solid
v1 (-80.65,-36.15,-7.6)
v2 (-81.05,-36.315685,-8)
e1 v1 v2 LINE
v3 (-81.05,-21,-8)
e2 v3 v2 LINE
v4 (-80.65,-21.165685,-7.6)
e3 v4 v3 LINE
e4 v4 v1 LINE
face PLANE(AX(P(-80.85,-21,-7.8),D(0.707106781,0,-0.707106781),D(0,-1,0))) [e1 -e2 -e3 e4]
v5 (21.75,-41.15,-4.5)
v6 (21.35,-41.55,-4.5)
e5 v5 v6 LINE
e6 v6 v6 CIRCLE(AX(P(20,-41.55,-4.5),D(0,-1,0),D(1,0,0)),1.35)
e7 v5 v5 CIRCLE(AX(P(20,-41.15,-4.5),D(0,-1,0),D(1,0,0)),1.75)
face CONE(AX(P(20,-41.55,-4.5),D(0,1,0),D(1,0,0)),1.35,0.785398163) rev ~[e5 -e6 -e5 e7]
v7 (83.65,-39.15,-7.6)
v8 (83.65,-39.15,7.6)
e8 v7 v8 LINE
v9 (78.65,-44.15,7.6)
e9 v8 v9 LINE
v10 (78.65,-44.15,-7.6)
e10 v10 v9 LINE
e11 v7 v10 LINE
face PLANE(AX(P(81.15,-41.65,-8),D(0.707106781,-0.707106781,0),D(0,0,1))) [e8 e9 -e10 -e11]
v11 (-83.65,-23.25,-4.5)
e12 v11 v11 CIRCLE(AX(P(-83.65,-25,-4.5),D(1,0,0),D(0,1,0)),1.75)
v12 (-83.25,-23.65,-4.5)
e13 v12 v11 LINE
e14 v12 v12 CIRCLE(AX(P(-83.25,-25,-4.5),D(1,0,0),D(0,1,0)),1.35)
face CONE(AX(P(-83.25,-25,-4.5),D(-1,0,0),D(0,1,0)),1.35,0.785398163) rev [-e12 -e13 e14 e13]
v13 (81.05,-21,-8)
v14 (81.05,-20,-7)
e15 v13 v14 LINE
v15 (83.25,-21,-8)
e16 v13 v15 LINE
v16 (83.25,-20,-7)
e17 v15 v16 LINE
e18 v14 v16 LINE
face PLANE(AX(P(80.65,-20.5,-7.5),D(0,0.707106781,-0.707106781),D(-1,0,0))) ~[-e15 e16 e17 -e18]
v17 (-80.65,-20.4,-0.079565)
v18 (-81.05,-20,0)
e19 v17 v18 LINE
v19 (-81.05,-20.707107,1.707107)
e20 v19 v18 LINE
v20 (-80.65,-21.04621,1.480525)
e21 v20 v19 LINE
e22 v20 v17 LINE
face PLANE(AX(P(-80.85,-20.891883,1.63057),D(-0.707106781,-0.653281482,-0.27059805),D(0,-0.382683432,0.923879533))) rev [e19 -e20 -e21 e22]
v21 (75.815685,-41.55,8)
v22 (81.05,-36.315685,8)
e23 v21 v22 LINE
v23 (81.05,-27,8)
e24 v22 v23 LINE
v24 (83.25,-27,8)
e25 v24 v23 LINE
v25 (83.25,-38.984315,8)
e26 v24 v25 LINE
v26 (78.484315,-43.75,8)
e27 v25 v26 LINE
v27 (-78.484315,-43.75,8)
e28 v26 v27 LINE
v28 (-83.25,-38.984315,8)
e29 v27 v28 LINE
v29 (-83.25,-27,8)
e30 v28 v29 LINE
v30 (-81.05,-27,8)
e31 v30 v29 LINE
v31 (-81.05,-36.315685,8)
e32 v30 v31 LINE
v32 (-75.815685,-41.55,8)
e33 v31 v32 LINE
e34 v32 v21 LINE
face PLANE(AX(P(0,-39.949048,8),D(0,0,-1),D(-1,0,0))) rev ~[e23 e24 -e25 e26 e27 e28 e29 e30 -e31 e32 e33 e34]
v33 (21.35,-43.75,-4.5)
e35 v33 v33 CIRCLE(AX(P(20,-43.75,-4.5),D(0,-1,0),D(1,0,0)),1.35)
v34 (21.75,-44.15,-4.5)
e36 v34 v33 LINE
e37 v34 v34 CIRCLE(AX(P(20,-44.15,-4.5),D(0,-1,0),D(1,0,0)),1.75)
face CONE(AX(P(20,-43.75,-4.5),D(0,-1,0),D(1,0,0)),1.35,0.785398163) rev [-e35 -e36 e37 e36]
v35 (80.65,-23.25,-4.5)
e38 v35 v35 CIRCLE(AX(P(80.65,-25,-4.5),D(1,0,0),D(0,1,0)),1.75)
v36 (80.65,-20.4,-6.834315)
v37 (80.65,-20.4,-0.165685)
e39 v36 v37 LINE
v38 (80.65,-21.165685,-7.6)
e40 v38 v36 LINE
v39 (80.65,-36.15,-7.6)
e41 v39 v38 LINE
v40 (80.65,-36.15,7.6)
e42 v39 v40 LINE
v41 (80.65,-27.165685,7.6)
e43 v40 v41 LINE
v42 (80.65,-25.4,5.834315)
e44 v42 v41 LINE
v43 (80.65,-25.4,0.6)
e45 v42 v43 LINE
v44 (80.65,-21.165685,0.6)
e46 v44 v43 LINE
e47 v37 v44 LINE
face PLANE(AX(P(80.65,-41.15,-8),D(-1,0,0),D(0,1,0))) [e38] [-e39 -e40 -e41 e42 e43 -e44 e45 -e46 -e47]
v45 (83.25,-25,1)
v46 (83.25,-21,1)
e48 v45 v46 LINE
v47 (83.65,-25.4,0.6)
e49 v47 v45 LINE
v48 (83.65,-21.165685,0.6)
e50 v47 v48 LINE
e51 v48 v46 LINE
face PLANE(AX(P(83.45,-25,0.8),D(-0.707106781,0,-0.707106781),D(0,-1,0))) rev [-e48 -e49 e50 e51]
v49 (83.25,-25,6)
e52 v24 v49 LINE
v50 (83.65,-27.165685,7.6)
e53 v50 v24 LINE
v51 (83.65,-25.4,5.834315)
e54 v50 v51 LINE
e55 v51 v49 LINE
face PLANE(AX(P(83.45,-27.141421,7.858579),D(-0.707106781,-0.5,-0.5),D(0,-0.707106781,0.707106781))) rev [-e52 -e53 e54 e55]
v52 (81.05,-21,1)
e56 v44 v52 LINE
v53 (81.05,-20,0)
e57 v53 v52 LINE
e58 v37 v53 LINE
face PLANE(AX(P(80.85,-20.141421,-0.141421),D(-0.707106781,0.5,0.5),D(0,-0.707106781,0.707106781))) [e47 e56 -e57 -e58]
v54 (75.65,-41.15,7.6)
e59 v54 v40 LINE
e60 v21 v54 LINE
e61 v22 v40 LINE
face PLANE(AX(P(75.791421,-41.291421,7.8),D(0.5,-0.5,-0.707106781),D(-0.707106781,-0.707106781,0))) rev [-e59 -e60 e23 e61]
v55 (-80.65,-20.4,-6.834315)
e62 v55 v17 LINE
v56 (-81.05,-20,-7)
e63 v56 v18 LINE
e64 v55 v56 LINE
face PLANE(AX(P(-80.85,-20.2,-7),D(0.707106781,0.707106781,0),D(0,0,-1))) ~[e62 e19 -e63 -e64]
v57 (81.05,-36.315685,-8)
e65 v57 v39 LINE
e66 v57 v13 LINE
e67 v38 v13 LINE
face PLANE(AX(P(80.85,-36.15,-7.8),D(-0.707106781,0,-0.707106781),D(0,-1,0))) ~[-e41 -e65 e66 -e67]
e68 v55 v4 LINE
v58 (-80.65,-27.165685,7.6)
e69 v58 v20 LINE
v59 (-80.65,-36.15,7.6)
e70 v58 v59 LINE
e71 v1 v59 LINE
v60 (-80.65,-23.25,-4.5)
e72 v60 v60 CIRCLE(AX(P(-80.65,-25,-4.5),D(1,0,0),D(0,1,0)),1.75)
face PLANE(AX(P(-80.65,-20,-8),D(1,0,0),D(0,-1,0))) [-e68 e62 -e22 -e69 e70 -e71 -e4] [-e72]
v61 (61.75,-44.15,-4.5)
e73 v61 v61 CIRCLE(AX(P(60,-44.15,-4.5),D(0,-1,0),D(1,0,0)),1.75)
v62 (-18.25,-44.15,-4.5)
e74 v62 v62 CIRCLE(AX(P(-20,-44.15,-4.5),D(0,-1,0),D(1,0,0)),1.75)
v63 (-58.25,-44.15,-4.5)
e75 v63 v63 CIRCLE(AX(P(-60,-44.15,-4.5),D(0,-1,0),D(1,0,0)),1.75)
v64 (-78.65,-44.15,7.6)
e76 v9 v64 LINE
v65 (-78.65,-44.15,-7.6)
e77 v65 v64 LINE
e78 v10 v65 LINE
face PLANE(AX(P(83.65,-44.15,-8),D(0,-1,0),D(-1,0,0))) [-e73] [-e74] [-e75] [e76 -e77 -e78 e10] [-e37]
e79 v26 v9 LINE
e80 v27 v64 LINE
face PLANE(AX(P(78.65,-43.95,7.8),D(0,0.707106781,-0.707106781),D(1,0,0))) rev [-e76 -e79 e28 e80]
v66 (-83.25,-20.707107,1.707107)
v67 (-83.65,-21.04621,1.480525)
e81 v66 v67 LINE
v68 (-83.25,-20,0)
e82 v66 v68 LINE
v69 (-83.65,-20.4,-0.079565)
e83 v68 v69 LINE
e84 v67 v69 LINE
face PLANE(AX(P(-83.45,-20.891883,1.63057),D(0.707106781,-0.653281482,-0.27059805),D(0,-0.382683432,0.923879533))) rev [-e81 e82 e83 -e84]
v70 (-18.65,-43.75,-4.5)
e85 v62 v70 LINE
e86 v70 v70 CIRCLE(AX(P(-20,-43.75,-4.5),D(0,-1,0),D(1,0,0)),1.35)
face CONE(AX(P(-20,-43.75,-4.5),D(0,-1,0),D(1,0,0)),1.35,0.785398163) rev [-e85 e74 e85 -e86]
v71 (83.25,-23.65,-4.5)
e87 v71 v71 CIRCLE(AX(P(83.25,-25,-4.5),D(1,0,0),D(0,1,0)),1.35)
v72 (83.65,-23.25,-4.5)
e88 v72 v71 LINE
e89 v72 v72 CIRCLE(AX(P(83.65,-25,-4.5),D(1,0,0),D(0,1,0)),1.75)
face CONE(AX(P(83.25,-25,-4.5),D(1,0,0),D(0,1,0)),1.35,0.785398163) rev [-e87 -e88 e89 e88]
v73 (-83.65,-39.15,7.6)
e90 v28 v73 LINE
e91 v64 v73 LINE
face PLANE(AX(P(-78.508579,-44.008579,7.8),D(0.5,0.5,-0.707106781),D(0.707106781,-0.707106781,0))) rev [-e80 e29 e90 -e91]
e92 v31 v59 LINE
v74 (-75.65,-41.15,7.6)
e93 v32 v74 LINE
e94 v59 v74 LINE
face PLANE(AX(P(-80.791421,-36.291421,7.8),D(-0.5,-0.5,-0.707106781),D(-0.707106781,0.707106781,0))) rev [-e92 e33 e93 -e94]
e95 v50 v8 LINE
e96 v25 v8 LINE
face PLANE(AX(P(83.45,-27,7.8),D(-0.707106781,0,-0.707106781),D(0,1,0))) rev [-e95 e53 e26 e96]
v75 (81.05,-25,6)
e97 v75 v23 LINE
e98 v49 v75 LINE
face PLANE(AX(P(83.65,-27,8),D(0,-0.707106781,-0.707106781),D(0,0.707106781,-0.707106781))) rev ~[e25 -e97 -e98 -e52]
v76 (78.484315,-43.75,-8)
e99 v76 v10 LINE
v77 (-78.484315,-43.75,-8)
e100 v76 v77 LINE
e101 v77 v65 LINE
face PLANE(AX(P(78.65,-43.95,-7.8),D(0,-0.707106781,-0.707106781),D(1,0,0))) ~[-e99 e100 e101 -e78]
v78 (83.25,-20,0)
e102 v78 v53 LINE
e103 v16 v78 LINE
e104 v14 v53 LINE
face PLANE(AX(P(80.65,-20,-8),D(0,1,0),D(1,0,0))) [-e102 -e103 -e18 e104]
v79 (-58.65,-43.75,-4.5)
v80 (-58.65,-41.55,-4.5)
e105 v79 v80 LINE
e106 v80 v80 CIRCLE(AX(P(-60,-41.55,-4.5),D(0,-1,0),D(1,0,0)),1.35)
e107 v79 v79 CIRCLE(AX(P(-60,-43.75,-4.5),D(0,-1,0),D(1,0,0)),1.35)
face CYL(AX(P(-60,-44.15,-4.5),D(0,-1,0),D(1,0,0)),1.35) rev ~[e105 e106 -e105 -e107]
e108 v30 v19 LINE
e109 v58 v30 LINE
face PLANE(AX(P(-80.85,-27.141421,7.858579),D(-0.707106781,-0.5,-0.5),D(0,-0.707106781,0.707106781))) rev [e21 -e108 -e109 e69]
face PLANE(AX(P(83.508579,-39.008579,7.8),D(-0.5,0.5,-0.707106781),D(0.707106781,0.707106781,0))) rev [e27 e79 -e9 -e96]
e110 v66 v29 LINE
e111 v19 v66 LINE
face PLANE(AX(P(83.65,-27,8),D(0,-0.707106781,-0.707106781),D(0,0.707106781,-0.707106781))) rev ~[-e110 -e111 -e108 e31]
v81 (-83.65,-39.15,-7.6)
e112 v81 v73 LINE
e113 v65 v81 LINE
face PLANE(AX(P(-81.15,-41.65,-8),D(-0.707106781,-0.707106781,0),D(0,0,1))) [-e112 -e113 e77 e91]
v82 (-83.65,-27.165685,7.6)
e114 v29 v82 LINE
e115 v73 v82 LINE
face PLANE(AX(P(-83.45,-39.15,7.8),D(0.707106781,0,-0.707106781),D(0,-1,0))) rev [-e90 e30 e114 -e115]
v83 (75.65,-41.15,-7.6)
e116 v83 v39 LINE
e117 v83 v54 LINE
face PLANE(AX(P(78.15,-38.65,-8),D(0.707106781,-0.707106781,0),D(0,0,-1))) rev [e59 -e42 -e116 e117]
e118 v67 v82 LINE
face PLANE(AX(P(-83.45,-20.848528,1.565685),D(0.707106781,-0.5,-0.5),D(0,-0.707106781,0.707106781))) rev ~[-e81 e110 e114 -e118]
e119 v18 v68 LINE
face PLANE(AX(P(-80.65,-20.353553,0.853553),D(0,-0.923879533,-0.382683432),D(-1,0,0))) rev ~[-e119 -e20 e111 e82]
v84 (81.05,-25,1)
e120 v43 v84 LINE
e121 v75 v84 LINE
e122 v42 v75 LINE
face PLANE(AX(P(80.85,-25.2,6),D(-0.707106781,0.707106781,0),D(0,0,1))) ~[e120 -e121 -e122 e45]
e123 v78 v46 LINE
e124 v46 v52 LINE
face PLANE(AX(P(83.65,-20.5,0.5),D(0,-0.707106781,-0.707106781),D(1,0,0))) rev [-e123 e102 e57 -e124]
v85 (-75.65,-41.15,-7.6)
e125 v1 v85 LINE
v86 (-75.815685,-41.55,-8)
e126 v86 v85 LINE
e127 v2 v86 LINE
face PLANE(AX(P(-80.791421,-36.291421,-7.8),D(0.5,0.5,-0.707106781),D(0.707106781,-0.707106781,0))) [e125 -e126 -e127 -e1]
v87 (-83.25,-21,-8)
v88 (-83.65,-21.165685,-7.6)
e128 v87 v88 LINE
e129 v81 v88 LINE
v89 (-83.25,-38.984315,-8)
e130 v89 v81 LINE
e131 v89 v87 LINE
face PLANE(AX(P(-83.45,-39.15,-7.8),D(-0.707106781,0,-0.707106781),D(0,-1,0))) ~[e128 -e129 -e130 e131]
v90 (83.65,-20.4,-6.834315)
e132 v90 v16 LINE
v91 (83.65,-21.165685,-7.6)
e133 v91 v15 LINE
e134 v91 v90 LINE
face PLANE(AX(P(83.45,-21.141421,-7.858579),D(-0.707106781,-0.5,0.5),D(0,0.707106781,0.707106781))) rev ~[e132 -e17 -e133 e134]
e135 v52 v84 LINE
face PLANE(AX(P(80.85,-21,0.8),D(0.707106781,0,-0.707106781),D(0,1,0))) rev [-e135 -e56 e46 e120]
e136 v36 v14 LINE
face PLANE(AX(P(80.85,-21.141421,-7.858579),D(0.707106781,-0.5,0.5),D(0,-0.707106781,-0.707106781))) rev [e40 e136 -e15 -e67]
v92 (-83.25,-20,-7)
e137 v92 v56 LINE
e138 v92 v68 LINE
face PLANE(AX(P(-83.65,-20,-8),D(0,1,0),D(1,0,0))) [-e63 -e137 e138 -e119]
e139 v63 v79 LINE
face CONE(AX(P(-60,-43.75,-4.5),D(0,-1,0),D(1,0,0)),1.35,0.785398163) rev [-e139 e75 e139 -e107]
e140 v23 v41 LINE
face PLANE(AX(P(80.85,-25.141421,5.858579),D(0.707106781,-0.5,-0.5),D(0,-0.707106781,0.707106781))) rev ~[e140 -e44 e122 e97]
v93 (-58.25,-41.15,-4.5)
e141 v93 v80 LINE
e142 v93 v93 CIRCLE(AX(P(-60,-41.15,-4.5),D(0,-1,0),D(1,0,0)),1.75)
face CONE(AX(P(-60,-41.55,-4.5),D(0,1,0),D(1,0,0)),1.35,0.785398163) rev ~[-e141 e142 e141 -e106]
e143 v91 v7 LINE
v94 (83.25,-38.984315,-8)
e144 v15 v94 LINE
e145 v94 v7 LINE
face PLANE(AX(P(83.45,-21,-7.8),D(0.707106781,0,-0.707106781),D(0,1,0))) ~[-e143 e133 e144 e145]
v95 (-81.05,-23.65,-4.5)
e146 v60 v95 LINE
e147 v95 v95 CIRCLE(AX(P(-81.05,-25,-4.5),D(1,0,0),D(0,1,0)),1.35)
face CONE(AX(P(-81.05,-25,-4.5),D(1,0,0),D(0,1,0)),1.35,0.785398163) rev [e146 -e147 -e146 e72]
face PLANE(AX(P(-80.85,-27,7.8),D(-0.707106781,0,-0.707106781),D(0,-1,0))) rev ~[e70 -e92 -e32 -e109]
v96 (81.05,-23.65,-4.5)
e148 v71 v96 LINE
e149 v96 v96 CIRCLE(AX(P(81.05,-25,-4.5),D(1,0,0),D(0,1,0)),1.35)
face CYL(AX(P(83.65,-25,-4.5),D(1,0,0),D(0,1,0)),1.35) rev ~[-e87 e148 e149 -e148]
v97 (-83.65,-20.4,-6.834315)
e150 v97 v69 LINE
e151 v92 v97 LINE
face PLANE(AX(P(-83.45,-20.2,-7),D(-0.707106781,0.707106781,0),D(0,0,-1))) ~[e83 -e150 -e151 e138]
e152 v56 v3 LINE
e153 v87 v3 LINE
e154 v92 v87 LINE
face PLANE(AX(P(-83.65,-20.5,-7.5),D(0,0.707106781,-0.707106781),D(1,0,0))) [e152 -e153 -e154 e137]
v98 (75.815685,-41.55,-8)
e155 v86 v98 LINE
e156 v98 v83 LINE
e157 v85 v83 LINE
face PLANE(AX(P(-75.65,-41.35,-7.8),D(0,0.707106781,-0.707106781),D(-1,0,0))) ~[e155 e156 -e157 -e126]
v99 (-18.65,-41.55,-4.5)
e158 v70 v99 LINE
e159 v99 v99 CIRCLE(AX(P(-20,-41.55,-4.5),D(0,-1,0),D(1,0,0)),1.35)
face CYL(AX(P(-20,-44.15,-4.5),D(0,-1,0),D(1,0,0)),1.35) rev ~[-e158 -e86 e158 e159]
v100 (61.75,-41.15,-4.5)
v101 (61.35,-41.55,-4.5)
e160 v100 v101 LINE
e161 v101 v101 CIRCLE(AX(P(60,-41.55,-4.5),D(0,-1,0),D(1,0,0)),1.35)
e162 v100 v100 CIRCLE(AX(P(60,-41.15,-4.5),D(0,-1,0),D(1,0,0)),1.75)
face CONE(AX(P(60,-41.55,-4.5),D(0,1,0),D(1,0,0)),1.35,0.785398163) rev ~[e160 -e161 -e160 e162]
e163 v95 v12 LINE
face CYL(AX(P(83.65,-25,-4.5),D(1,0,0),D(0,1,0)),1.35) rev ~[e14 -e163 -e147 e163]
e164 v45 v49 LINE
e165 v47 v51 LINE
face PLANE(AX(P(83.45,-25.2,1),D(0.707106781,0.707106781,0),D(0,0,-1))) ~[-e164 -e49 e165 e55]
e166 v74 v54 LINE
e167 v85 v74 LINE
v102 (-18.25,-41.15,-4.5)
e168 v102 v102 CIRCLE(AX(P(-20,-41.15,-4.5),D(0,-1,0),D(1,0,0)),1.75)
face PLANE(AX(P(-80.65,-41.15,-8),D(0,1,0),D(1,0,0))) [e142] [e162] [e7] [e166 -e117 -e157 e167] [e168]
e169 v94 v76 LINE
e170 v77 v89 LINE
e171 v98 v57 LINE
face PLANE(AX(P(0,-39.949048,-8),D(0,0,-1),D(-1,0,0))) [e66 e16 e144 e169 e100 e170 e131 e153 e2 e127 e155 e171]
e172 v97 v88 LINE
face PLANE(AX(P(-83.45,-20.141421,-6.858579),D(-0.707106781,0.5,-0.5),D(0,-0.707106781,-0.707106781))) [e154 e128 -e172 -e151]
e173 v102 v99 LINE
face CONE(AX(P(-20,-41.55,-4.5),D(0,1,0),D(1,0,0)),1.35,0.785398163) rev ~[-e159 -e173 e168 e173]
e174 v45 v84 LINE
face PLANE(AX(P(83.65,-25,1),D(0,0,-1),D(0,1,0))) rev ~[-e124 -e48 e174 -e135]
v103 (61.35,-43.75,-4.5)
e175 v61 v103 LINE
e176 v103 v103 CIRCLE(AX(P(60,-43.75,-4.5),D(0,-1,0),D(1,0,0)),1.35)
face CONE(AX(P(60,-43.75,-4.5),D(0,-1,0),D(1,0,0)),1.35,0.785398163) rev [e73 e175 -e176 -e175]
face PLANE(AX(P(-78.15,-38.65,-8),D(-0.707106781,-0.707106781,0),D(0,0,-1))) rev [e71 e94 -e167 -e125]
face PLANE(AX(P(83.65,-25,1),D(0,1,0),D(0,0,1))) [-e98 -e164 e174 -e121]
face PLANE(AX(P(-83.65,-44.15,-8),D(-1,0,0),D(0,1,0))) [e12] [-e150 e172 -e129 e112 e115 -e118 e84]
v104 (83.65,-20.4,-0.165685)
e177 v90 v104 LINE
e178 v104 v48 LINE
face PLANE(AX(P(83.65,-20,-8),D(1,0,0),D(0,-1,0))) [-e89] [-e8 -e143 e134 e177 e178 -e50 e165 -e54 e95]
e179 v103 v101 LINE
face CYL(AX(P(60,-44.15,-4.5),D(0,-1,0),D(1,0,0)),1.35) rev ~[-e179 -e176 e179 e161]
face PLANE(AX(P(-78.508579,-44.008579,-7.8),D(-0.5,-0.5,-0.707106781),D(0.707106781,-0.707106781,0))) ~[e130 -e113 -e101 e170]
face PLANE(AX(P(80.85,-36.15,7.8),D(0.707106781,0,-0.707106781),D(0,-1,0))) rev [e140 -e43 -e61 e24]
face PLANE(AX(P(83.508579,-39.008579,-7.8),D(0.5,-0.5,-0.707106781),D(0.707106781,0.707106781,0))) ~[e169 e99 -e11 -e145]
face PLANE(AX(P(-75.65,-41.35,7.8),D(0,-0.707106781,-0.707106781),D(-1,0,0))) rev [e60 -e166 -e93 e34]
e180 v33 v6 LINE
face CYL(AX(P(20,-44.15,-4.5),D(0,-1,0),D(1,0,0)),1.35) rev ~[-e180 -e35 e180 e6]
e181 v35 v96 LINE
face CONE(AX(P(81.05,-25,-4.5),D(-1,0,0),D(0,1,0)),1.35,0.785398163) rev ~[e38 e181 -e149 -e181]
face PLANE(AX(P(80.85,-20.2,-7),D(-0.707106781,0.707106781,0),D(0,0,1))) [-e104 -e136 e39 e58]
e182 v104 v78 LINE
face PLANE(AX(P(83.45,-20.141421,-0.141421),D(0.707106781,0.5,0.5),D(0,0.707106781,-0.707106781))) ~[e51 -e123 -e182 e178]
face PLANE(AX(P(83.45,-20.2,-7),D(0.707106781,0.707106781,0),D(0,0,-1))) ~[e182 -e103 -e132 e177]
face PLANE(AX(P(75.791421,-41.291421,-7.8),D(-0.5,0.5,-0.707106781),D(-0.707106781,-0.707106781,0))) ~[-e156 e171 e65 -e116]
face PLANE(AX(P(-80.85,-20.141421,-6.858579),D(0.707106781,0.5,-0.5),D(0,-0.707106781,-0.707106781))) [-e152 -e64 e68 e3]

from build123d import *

# Parameters (mm, degrees)
PAD011_DEPTH          = 16
CHAMFER036003006_SIZE = 5
SKETCH027_W           = 5
SKETCH027_H           = 7
POCKET008018_DEPTH    = 5
SKETCH028_R           = 1.35
POCKET008019_DEPTH    = 167.301
POCKET008020_DEPTH    = 167.301
CHAMFER036003007_SIZE = 1
SKETCH029_R           = 1.35
POCKET008021_DEPTH    = 24.151
CHAMFER036003008_SIZE = 0.4


with BuildPart() as part:
    # Sketch026 → Pad011 (new body)
    with BuildSketch(Plane.XY):
        Polygon((-80.65, -20), (-80.65, -41.15), (80.65, -41.15), (80.65, -20), (83.65, -20), (83.65, -44.15), (-83.65, -44.15), (-83.65, -20), align=None)
    extrude(amount=PAD011_DEPTH)

    # Chamfer036003006
    chamfer036003006_edges = [part.edges().sort_by_distance(p)[0] for p in [
        (-83.65, -44.15, 8),
        (83.65, -44.15, 8),
        (-80.65, -41.15, 8),
        (80.65, -41.15, 8),
    ]]
    chamfer(chamfer036003006_edges, length=CHAMFER036003006_SIZE)

    # Sketch027 (on Face14 of Chamfer036003006) → Pocket008018 (cut)
    with BuildSketch(Plane.YZ.offset(83.65)):
        with Locations((-22.5, 12.5)):
            Rectangle(SKETCH027_W, SKETCH027_H)
    extrude(amount=-POCKET008018_DEPTH, mode=Mode.SUBTRACT)

    # Sketch028 (on Face14 of Pocket008018) → Pocket008019 (cut, through all)
    with BuildSketch(Plane.YZ.offset(83.65)):
        with Locations((-25, 3.5)):
            Circle(SKETCH028_R)
        Polygon((-27, 16), (-20, 9), (-20, 16), align=None)
    extrude(amount=-POCKET008019_DEPTH, mode=Mode.SUBTRACT)

    # Sketch028 (on Face14 of Pocket008018) → Pocket008020 (cut, through all)
    with BuildSketch(Plane.YZ.offset(83.65)):
        with Locations((-25, 3.5)):
            Circle(SKETCH028_R)
        Polygon((-27, 16), (-20, 9), (-20, 16), align=None)
    extrude(amount=-POCKET008020_DEPTH, mode=Mode.SUBTRACT)

    # Chamfer036003007
    chamfer036003007_edges = [part.edges().sort_by_distance(p)[0] for p in [
        (82.15, -20, 9),
        (82.15, -20, 0),
        (-82.15, -20, 9),
        (-82.15, -20, 0),
    ]]
    chamfer(chamfer036003007_edges, length=CHAMFER036003007_SIZE)

    # Sketch029 (on Face12 of Chamfer036003007) → Pocket008021 (cut, through all)
    with BuildSketch(Plane.XZ.offset(44.15)):
        with Locations((-60, 3.5)):
            Circle(SKETCH029_R)
        with Locations((-20, 3.5)):
            Circle(SKETCH029_R)
        with Locations((20, 3.5)):
            Circle(SKETCH029_R)
        with Locations((60, 3.5)):
            Circle(SKETCH029_R)
    extrude(amount=-POCKET008021_DEPTH, mode=Mode.SUBTRACT)

    # Chamfer036003008
    chamfer036003008_edges = [part.edges().sort_by_distance(p)[0] for p in [
        (83.65, -25, 11.5),
        (83.65, -23, 9),
        (83.65, -20.5, 8.5),
        (83.65, -20, 4.5),
        (83.65, -20.5, 0.5),
        (83.65, -30.075, 0),
        (83.65, -26, 15),
        (83.65, -33.075, 16),
        (81.15, -41.65, 16),
        (81.15, -41.65, 0),
        (0, -44.15, 16),
        (0, -44.15, 0),
        (-81.15, -41.65, 16),
        (-81.15, -41.65, 0),
        (-80.65, -26.35, 3.5),
        (-82.15, -23.65, 3.5),
        (-83.65, -26.35, 3.5),
        (-61.35, -44.15, 3.5),
        (-58.65, -42.65, 3.5),
        (-61.35, -41.15, 3.5),
        (-21.35, -44.15, 3.5),
        (-18.65, -42.65, 3.5),
        (-21.35, -41.15, 3.5),
        (18.65, -44.15, 3.5),
        (21.35, -42.65, 3.5),
        (18.65, -41.15, 3.5),
        (58.65, -44.15, 3.5),
        (61.35, -42.65, 3.5),
        (58.65, -41.15, 3.5),
        (-83.65, -33.075, 16),
        (-83.65, -23.853553, 12.853553),
        (-83.65, -20.353553, 8.853553),
        (-83.65, -20, 4.5),
        (-83.65, -20.5, 0.5),
        (-83.65, -30.075, 0),
        (82.15, -23.65, 3.5),
        (80.65, -26.35, 3.5),
        (83.65, -26.35, 3.5),
        (80.65, -20.5, 0.5),
        (80.65, -28.575, 0),
        (80.65, -20, 4.5),
        (80.65, -20.5, 8.5),
        (80.65, -23, 9),
        (80.65, -25, 11.5),
        (80.65, -26, 15),
        (80.65, -31.575, 16),
        (78.15, -38.65, 0),
        (78.15, -38.65, 16),
        (0, -41.15, 16),
        (0, -41.15, 0),
        (-78.15, -38.65, 0),
        (-78.15, -38.65, 16),
        (-80.65, -31.575, 16),
        (-80.65, -23.853553, 12.853553),
        (-80.65, -20.353553, 8.853553),
        (-80.65, -20, 4.5),
        (-80.65, -20.5, 0.5),
        (-80.65, -28.575, 0),
    ]]
    chamfer(chamfer036003008_edges, length=CHAMFER036003008_SIZE)


with BuildPart() as part_1:
    # Body003 placement: moved
    add(part.part.moved(Location((0, 0, -8))))


solid = part_1.part
